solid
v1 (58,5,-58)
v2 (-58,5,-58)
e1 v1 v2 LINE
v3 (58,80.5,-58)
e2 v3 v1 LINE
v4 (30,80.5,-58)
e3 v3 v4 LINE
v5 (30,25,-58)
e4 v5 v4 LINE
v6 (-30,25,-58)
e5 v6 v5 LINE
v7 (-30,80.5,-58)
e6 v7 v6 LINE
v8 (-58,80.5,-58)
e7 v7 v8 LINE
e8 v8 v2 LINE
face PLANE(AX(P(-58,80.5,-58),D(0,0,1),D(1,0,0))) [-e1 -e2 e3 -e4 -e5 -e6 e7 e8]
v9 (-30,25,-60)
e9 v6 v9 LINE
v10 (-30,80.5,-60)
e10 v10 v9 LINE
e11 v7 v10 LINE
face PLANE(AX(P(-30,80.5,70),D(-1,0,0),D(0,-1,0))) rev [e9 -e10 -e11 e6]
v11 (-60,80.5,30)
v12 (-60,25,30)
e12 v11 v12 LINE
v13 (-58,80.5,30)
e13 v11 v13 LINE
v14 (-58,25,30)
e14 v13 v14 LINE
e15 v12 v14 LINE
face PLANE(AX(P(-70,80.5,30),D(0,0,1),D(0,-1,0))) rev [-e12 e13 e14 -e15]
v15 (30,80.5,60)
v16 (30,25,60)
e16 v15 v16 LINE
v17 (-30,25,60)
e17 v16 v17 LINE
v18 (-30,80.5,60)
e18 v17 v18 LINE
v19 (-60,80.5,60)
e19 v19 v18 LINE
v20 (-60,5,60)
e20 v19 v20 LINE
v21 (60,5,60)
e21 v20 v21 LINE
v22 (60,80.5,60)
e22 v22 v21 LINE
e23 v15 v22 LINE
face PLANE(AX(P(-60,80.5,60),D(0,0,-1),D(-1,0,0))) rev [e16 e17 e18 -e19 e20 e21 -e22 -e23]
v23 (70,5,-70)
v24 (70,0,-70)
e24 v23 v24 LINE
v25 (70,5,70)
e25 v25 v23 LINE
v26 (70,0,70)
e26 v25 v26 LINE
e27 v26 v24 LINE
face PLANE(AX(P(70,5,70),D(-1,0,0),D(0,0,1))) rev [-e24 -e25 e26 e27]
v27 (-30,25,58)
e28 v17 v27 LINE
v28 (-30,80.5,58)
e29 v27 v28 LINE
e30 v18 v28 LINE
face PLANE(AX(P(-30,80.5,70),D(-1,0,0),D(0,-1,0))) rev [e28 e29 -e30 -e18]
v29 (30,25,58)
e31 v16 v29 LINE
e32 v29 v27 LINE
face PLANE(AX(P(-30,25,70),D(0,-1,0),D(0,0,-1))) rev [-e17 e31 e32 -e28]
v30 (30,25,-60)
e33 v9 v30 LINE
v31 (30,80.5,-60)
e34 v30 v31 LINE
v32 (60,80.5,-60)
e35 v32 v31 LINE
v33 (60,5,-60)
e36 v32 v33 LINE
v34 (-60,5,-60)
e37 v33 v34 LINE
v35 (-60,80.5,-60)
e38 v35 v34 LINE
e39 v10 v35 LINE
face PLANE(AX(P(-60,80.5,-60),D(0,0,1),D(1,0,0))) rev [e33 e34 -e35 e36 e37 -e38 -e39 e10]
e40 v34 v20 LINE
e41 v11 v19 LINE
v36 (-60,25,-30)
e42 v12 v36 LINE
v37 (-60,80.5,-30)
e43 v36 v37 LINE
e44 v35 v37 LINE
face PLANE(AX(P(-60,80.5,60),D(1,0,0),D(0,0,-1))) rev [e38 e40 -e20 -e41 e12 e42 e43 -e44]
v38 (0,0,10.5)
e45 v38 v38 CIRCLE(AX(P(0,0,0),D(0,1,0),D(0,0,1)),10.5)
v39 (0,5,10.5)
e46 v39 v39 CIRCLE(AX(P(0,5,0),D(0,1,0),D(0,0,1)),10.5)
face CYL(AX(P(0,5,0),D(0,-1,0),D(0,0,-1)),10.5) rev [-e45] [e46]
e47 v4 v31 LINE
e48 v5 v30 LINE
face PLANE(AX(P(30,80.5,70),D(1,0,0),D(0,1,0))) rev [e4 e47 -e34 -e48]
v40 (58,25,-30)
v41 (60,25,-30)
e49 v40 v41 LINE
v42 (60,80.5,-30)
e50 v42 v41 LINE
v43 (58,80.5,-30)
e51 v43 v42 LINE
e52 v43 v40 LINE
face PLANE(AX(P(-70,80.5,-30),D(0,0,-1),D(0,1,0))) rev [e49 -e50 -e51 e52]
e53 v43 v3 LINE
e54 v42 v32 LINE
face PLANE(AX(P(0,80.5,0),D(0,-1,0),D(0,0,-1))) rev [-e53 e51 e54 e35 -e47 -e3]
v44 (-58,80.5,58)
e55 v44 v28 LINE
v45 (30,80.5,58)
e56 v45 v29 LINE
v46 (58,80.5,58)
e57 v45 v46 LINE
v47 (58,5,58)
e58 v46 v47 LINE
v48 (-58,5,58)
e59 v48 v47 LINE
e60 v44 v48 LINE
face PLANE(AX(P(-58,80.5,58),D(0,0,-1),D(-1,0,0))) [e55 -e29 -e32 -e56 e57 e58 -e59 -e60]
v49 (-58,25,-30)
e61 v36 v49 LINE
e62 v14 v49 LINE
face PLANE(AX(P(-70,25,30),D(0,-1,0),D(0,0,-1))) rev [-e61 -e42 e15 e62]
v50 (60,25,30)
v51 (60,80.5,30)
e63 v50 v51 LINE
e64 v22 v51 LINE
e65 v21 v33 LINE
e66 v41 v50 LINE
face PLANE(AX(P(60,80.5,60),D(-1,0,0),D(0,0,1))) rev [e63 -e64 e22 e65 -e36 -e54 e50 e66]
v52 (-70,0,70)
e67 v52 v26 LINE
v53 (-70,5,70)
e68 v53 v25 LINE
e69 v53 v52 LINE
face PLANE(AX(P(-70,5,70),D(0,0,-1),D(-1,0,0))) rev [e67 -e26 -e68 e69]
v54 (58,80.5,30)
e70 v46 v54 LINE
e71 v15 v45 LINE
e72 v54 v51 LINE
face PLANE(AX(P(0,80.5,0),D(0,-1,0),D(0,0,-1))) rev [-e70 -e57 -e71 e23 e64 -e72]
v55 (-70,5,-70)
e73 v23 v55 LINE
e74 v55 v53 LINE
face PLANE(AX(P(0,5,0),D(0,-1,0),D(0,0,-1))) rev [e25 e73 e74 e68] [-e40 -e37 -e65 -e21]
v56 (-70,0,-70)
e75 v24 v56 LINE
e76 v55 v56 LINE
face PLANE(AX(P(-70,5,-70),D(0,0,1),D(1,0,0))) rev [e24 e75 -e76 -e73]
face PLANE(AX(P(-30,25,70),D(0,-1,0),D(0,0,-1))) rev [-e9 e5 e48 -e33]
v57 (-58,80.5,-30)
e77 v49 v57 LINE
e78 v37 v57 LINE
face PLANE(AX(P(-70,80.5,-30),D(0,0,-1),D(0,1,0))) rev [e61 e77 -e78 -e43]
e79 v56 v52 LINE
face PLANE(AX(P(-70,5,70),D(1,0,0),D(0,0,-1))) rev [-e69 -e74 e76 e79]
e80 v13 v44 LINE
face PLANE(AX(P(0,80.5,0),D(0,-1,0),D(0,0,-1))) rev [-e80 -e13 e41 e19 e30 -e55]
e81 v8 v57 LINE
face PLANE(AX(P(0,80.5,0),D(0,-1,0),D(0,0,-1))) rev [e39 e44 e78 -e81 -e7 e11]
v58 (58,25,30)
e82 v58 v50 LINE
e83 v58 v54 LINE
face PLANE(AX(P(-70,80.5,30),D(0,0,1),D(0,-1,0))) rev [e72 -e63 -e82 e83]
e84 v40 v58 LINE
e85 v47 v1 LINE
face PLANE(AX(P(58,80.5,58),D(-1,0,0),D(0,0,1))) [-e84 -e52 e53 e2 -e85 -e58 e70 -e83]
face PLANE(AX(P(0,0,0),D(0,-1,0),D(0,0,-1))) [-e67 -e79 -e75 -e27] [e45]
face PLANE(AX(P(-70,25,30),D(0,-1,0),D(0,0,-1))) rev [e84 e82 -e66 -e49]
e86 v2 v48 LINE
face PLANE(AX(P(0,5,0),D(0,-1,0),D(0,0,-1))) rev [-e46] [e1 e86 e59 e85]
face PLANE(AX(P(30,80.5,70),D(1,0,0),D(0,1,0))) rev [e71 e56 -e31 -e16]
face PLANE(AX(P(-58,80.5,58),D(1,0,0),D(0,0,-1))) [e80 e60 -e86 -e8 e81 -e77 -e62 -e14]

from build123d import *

# Parameters (mm, degrees)
SKETCH1_W               = 140
SKETCH1_H               = 140
SKETCH1_R               = 10.5
BOSS_EXTRUDE1_DEPTH     = 5
SKETCH2_W               = 120
SKETCH2_H               = 120
SKETCH2_W_2             = 116
SKETCH2_H_2             = 116
BOSS_EXTRUDE2_DEPTH     = 75.5
CUT_EXTRUDE1_DEPTH      = 128.594082935
CUT_EXTRUDE1_DEPTH_BACK = 128.594082935
SKETCH4_W               = 60
SKETCH4_H               = 55.5
CUT_EXTRUDE2_DEPTH      = 128.594082935
CUT_EXTRUDE2_DEPTH_BACK = 128.594082935
SKETCH6_W               = 60
SKETCH6_H               = 55.5


with BuildPart() as part:
    # Sketch1 → Boss-Extrude1 (new body)
    with BuildSketch(Plane(origin=(0, 0, 0), x_dir=(1, 0, 0), z_dir=(0, 1, 0))):
        Rectangle(SKETCH1_W, SKETCH1_H)
        with Locations(Location((0, 0, 0), (0, 0, 270))):
            Circle(SKETCH1_R, mode=Mode.SUBTRACT)
    extrude(amount=BOSS_EXTRUDE1_DEPTH)

    # Sketch2 → Boss-Extrude2 (add)
    with BuildSketch(Plane(origin=(0, 5, 0), x_dir=(1, 0, 0), z_dir=(0, 1, 0))):
        Rectangle(SKETCH2_W, SKETCH2_H)
        Rectangle(SKETCH2_W_2, SKETCH2_H_2, mode=Mode.SUBTRACT)
    extrude(amount=BOSS_EXTRUDE2_DEPTH)

    # Sketch4 → Cut-Extrude1 (cut, two sides: drawn at the far end of the back side and taken through both)
    with BuildSketch(Plane(origin=(0, 0, 0), x_dir=(-1, 0, 0), z_dir=(0, 0, -1)).offset(-CUT_EXTRUDE1_DEPTH_BACK)):
        with Locations((0, 52.75)):
            Rectangle(SKETCH4_W, SKETCH4_H)
    extrude(amount=CUT_EXTRUDE1_DEPTH + CUT_EXTRUDE1_DEPTH_BACK, mode=Mode.SUBTRACT)

    # Sketch6 → Cut-Extrude2 (cut, two sides: drawn at the far end of the back side and taken through both)
    with BuildSketch(Plane(origin=(0, 0, 0), x_dir=(0, 0, -1), z_dir=(1, 0, 0)).offset(-CUT_EXTRUDE2_DEPTH_BACK)):
        with Locations((0, 52.75)):
            Rectangle(SKETCH6_W, SKETCH6_H)
    extrude(amount=CUT_EXTRUDE2_DEPTH + CUT_EXTRUDE2_DEPTH_BACK, mode=Mode.SUBTRACT)


solid = part.part
